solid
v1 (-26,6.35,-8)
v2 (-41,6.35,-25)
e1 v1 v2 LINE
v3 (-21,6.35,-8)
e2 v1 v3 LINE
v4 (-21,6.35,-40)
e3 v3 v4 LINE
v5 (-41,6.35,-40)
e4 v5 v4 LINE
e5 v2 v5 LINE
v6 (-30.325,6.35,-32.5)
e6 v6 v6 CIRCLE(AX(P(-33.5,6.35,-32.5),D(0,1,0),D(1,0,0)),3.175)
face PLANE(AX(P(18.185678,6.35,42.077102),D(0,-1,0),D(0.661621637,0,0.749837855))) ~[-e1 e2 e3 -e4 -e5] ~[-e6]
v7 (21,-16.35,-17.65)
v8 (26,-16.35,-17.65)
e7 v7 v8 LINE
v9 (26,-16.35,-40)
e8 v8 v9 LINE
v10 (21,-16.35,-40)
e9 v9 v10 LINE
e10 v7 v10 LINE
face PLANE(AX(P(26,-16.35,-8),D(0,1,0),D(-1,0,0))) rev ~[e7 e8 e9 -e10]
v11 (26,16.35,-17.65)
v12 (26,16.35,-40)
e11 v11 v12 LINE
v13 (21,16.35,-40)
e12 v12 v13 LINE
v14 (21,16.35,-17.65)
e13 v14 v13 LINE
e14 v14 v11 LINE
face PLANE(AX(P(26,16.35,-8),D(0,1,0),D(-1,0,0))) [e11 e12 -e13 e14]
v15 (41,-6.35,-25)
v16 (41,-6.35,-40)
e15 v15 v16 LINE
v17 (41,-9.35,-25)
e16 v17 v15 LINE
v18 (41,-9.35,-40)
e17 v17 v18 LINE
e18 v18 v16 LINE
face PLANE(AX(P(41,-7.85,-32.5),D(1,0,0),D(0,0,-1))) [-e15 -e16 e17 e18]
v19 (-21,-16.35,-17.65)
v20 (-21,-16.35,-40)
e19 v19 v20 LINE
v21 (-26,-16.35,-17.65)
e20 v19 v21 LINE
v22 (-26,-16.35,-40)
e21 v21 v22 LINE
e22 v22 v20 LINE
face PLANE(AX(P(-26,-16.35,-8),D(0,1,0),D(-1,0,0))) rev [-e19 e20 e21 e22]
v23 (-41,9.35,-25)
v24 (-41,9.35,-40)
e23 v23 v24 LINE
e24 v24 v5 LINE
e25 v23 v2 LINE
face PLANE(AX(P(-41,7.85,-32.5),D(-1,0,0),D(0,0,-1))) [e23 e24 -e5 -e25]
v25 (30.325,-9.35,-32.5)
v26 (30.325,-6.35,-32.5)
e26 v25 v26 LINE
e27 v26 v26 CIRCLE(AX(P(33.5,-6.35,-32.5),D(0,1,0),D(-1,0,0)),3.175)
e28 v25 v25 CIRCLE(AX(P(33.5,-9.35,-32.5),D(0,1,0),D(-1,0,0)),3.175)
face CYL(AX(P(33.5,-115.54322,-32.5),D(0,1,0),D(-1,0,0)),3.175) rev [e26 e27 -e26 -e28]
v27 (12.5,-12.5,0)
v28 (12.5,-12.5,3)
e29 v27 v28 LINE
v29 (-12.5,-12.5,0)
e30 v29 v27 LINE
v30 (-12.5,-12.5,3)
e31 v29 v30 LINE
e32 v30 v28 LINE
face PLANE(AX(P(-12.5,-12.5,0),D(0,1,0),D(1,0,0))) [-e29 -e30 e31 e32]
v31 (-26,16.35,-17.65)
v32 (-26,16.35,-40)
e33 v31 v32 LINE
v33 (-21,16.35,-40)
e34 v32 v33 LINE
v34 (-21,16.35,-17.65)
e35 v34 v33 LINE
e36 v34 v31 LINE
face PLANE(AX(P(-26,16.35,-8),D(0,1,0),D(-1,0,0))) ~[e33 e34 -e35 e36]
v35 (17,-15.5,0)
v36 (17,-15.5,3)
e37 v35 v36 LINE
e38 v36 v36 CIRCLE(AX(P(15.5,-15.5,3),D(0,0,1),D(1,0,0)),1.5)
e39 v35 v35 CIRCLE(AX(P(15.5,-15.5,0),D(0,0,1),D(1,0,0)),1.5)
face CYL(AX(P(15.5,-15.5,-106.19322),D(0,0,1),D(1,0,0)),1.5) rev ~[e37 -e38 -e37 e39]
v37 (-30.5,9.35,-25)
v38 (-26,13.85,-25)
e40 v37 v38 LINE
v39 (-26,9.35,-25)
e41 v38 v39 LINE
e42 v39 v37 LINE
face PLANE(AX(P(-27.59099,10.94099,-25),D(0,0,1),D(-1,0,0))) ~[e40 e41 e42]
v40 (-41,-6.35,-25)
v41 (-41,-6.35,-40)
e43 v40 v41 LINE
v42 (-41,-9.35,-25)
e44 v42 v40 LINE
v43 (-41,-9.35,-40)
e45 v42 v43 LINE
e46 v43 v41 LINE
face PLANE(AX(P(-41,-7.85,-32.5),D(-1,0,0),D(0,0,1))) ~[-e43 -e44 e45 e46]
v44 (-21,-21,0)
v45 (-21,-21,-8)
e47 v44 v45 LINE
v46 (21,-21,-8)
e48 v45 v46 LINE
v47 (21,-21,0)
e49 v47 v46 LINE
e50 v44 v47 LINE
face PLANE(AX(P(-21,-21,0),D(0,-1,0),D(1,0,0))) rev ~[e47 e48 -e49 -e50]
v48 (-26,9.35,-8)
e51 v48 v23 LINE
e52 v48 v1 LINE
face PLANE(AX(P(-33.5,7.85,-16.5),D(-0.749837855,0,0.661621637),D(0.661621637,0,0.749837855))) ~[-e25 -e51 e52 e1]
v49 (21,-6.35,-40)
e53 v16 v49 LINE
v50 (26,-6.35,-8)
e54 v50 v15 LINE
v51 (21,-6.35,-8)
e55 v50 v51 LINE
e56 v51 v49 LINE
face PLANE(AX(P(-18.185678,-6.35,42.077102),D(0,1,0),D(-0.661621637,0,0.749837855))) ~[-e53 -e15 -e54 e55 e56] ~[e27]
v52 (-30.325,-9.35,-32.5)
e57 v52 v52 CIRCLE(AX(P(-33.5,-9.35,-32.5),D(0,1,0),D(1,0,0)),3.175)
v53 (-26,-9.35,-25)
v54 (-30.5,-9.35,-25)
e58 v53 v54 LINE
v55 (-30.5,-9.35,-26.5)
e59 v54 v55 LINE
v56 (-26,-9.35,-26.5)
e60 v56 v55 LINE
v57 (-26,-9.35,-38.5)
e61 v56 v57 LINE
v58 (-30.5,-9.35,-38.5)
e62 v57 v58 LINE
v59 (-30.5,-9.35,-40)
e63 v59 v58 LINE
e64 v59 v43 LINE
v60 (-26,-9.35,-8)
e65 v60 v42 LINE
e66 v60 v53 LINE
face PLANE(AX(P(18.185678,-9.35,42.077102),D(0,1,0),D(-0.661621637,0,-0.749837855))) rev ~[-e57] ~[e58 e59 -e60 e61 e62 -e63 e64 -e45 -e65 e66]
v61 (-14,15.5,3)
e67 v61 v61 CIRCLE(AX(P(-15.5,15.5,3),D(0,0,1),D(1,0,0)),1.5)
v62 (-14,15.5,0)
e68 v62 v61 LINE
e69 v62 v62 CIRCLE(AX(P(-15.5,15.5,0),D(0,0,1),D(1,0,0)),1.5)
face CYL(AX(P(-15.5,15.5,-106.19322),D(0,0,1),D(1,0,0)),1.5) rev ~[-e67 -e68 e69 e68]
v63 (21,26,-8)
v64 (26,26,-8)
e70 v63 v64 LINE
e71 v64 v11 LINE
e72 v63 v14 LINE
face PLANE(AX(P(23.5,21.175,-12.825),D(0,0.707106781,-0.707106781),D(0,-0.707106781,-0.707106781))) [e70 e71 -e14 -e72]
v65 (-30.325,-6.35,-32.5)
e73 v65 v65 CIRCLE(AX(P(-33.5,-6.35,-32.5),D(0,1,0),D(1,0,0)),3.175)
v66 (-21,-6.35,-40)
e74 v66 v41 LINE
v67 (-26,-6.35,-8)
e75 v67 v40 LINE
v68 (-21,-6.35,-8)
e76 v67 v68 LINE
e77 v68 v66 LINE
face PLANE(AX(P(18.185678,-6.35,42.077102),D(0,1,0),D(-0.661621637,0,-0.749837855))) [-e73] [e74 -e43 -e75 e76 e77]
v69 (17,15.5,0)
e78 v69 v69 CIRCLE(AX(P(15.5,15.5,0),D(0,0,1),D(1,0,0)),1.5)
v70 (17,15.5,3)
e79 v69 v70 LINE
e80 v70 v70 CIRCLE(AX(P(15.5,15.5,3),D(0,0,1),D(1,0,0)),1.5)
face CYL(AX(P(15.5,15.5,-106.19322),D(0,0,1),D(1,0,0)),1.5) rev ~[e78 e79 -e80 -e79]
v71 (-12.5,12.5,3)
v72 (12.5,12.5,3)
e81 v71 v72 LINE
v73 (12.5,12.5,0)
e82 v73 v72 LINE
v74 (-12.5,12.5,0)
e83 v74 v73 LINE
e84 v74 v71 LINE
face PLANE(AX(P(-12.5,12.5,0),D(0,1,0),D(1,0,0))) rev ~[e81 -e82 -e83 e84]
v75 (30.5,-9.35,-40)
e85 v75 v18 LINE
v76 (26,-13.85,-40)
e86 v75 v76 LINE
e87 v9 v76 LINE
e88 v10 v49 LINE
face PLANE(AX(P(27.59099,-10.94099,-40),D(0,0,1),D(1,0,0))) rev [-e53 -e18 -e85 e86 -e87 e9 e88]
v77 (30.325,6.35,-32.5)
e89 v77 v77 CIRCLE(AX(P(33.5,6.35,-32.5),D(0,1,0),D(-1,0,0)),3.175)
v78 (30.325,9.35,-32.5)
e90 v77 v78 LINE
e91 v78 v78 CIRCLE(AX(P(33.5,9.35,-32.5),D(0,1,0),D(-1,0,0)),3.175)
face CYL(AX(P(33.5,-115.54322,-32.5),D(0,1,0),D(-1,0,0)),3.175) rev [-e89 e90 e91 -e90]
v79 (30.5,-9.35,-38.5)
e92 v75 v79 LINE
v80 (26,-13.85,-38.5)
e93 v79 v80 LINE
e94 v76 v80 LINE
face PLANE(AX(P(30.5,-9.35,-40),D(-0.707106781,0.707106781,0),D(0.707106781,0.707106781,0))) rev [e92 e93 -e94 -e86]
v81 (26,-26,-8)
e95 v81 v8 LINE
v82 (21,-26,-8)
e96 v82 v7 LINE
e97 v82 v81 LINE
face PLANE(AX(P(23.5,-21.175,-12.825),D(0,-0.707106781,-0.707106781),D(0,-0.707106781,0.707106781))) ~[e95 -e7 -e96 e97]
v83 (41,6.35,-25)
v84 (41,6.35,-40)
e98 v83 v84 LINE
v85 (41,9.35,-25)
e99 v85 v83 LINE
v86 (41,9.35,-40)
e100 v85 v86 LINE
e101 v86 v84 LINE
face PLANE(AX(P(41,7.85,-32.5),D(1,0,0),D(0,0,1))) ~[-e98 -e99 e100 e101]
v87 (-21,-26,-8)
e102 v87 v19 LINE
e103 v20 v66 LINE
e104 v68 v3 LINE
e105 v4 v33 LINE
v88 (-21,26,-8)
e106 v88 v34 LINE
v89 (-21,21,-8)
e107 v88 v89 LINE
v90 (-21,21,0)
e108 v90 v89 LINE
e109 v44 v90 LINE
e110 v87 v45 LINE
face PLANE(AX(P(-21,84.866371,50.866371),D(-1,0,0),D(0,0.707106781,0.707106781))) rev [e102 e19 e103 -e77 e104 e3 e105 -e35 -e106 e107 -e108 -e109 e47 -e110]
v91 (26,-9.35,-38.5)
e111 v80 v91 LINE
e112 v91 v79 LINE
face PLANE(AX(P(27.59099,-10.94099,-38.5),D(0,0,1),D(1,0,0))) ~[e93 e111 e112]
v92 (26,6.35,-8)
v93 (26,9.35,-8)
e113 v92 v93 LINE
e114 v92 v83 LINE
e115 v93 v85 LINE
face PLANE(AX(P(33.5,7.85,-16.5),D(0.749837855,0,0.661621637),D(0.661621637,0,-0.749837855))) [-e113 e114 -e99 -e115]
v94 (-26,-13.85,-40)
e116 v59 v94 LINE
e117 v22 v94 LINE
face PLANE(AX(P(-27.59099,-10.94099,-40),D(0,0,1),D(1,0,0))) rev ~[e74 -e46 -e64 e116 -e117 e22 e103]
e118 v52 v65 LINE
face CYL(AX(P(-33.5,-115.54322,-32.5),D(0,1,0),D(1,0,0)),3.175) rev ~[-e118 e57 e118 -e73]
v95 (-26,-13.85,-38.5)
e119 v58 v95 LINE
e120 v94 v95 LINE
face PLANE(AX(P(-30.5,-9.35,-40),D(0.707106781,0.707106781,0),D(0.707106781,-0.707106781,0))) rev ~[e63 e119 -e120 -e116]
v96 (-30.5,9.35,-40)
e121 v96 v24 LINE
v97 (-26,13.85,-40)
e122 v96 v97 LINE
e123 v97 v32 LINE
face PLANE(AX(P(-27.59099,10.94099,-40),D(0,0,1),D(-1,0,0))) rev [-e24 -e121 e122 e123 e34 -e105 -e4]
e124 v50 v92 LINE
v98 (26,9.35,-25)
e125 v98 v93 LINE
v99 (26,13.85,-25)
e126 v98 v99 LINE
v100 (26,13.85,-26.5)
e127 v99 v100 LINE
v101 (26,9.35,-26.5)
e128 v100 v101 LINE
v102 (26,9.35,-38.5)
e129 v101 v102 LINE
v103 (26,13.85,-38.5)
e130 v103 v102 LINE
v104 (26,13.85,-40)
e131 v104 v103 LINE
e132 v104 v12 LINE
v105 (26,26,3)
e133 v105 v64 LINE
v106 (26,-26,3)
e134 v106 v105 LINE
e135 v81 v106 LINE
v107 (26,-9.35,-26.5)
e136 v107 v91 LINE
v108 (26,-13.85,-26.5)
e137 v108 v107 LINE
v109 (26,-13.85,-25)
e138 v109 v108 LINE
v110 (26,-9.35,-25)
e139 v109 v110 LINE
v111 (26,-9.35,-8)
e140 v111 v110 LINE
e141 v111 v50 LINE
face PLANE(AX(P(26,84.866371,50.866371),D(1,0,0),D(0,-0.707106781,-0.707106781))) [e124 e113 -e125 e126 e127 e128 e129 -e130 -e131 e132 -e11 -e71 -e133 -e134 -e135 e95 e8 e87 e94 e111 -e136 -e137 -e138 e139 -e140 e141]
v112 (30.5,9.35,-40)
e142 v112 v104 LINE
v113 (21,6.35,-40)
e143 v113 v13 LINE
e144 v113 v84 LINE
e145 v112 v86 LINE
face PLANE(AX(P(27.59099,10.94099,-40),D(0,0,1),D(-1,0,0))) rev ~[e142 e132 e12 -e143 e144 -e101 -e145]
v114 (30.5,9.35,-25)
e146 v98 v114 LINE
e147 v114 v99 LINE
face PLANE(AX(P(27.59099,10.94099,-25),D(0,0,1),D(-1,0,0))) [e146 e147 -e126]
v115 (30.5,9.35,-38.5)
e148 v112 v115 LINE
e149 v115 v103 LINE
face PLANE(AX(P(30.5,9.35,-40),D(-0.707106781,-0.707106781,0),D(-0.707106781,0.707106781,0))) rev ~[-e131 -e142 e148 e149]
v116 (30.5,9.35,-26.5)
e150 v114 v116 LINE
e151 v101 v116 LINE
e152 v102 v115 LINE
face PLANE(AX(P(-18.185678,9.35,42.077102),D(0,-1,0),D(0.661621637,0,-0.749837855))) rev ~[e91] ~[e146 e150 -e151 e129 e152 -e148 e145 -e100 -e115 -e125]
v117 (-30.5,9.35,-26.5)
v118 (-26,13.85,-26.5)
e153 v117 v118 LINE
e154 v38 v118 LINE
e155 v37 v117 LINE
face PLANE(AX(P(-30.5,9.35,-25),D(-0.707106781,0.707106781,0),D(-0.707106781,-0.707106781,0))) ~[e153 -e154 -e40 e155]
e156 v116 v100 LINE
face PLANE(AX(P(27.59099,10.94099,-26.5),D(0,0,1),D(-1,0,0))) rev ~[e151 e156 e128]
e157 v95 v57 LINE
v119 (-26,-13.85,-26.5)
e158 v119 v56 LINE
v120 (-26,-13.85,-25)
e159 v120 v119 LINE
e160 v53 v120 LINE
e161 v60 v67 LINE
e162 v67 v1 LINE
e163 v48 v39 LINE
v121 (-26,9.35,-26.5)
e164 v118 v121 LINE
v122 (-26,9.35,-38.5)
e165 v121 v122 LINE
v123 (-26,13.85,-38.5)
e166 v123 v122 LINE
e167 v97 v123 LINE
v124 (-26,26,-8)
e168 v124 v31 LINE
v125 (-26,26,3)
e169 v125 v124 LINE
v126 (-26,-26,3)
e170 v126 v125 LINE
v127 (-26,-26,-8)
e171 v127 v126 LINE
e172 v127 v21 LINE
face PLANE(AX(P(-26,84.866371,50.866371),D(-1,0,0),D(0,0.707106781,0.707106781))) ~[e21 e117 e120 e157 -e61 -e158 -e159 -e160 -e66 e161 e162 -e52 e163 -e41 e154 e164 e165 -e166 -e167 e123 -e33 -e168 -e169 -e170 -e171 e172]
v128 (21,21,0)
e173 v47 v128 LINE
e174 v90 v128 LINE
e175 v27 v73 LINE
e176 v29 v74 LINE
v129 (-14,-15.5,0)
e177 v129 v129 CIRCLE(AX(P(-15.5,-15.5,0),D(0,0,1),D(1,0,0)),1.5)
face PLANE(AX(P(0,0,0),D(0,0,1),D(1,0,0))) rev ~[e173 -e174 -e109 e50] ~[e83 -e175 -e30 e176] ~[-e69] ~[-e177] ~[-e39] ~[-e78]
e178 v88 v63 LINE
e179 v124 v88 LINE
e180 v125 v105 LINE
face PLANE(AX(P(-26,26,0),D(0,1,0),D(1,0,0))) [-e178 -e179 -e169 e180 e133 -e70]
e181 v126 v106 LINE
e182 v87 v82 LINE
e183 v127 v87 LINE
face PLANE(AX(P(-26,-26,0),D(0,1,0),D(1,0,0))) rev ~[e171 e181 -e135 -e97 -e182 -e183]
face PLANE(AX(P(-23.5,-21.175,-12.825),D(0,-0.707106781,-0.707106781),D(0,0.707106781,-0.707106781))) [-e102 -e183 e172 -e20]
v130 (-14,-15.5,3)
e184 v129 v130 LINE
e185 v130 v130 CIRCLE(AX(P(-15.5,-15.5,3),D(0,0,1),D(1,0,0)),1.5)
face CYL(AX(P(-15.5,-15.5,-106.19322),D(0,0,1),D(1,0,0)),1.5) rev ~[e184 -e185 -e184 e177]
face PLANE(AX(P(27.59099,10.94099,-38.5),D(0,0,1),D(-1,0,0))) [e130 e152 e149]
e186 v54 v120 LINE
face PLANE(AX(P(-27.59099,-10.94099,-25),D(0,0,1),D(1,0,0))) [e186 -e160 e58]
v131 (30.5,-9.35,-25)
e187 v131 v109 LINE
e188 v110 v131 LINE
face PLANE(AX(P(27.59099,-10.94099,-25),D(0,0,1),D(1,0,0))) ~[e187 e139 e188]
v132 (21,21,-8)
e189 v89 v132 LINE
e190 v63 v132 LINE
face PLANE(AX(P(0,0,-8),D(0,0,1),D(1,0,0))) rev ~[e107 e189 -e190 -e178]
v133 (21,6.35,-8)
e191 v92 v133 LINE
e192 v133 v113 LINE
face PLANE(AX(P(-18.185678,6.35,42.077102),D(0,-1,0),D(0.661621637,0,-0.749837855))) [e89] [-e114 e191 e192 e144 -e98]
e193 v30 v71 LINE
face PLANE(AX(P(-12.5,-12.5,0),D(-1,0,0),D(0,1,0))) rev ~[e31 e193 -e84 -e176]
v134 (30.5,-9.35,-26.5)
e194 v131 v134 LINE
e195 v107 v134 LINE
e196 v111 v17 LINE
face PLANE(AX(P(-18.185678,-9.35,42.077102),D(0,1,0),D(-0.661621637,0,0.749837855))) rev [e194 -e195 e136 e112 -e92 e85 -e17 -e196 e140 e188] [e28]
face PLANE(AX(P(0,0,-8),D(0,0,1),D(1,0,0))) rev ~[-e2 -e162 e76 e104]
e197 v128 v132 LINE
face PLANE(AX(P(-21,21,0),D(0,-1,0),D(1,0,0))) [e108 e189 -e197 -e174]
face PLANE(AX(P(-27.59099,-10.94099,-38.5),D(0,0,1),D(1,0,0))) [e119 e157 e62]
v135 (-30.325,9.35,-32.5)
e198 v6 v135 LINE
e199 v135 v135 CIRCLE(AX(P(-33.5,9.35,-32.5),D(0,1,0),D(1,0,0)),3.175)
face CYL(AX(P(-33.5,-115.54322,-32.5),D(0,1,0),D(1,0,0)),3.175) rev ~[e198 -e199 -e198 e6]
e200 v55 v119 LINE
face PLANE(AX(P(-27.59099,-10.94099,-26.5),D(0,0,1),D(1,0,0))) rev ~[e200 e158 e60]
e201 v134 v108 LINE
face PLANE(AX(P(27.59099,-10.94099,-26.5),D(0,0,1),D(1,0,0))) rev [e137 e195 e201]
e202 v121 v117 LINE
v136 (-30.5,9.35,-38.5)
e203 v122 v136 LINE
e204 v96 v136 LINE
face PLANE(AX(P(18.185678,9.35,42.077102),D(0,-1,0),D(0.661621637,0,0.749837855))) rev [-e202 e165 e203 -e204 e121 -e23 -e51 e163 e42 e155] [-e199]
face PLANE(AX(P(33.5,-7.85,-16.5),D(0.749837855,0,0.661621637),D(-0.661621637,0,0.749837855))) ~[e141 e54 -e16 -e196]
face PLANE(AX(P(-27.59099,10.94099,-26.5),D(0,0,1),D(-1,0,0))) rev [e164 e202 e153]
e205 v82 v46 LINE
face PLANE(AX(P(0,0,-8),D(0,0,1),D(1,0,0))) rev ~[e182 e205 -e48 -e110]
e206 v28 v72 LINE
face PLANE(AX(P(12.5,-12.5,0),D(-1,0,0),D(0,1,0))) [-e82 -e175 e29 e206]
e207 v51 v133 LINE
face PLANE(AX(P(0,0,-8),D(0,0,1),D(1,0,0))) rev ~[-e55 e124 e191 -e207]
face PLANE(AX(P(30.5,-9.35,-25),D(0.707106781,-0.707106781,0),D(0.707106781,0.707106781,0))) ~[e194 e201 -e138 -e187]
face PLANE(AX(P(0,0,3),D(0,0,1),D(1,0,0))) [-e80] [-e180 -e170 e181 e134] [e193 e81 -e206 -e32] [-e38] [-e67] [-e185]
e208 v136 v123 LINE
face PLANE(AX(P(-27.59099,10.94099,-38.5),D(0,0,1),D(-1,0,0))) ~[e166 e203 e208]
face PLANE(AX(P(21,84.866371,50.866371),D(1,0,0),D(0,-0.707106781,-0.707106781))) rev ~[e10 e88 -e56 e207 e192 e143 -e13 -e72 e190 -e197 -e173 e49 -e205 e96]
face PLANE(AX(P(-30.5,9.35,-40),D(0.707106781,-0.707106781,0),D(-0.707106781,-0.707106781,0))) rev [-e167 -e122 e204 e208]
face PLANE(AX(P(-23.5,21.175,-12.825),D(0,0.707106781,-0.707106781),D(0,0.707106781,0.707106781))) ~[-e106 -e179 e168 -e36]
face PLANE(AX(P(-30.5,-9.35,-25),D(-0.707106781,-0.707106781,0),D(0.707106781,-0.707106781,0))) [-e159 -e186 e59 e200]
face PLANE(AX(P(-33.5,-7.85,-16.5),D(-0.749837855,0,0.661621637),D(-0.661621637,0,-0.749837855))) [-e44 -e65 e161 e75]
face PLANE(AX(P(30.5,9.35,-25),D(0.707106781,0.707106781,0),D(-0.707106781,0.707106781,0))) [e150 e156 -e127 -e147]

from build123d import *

# Parameters (mm, degrees)
SKETCH1_W                   = 52
SKETCH1_H                   = 52
SKETCH1_W_2                 = 42
SKETCH1_H_2                 = 42
BOSS_EXTRUDE1_DEPTH         = 8
SKETCH3_W                   = 5
SKETCH3_H                   = 10
BOSS_EXTRUDE3_DEPTH         = 32
SKETCH4_W                   = 15
SKETCH4_H                   = 3
BOSS_EXTRUDE4_DEPTH         = 15
MIRROR2_COPY_1_SKETCH_W     = 15
MIRROR2_COPY_1_SKETCH_H     = 3
MIRROR2_COPY_1_DEPTH        = 15
SKETCH2_W                   = 52
SKETCH2_H                   = 52
SKETCH2_W_2                 = 25
SKETCH2_H_2                 = 25
BOSS_EXTRUDE2_DEPTH         = 3
F_1_4_0_25_DIAMETER_HOLE1_D = 6.35
RIB1_REACH                  = 84.25
SKETCH9_WALL_W              = 180.146400996
SKETCH9_WALL_H              = 5
MIRROR5_COPY_1_REACH        = 84.25
MIRROR5_COPY_1_SKETCH_W     = 180.146400996
MIRROR5_COPY_1_SKETCH_H     = 5
F_3_0MM_DOWEL_HOLE1_D       = 3
BOSS_EXTRUDE5_DEPTH         = 1.5
BOSS_EXTRUDE6_START         = -15
BOSS_EXTRUDE6_DEPTH         = 1.5
MIRROR7_COPY_1_DEPTH        = 1.5
MIRROR7_START               = -15
MIRROR7_COPY_2_DEPTH        = 1.5
RIB12_REACH                 = 67.784
SKETCH13_WALL_W             = 156.23938331
SKETCH13_WALL_H             = 3
MIRROR9_COPY_1_REACH        = 67.784
MIRROR9_COPY_1_SKETCH_W     = 156.23938331
MIRROR9_COPY_1_SKETCH_H     = 3


with BuildPart() as part:
    # Sketch1 → Boss-Extrude1 (new body)
    with BuildSketch(Plane.XY):
        Rectangle(SKETCH1_W, SKETCH1_H)
        Rectangle(SKETCH1_W_2, SKETCH1_H_2, mode=Mode.SUBTRACT)
    extrude(amount=-BOSS_EXTRUDE1_DEPTH)

    # Sketch3 → Boss-Extrude3 (add)
    with BuildSketch(Plane(origin=(0, 0, -8), x_dir=(-1, 0, 0), z_dir=(0, 0, -1))):
        with Locations((-23.5, 11.35)):
            Rectangle(SKETCH3_W, SKETCH3_H)
        with Locations((-23.5, -11.35)):
            Rectangle(SKETCH3_W, SKETCH3_H)
    boss_extrude3 = extrude(amount=BOSS_EXTRUDE3_DEPTH)

    # Sketch4 → Boss-Extrude4 (add)
    with BuildSketch(Plane(origin=(26, 0, 0), x_dir=(0, 0, -1), z_dir=(1, 0, 0))):
        with Locations((32.5, -7.85)):
            Rectangle(SKETCH4_W, SKETCH4_H)
    boss_extrude4 = extrude(amount=BOSS_EXTRUDE4_DEPTH)

    # Mirror1: Boss-Extrude4 across plane
    add(boss_extrude4.mirror(Plane.ZX))

    # Mirror2: Boss-Extrude3, Boss-Extrude4 across plane
    add(boss_extrude3.mirror(Plane(origin=(0, 0, 0), x_dir=(0, 0, 1), z_dir=(1, 0, 0))))
    add(boss_extrude4.mirror(Plane(origin=(0, 0, 0), x_dir=(0, 0, 1), z_dir=(1, 0, 0))))

    # Mirror2 copy 1 sketch → Mirror2 copy 1 (add)
    with BuildSketch(Plane(origin=(-26, 0, 0), x_dir=(0, 0, -1), z_dir=(-1, 0, 0))):
        with Locations((32.5, -7.85)):
            Rectangle(MIRROR2_COPY_1_SKETCH_W, MIRROR2_COPY_1_SKETCH_H)
    extrude(amount=MIRROR2_COPY_1_DEPTH)

    # Sketch2 → Boss-Extrude2 (add)
    with BuildSketch(Plane.XY):
        Rectangle(SKETCH2_W, SKETCH2_H)
        Rectangle(SKETCH2_W_2, SKETCH2_H_2, mode=Mode.SUBTRACT)
    extrude(amount=BOSS_EXTRUDE2_DEPTH)

    # 1/4 (0.25) Diameter Hole1 (through all)
    with Locations(Plane(origin=(0, -9.35, 0), x_dir=(-1, 0, 0), z_dir=(0, -1, 0))):
        with Locations((33.5, 32.5)):
            f_1_4_0_25_diameter_hole1 = Hole(F_1_4_0_25_DIAMETER_HOLE1_D / 2)

    # Mirror3: 1/4 (0.25) Diameter Hole1 across plane
    add(f_1_4_0_25_diameter_hole1.mirror(Plane(origin=(0, 0, 0), x_dir=(0, 0, 1), z_dir=(1, 0, 0))), mode=Mode.SUBTRACT)

    # Sketch9 wall → Rib1 (add, up to next)
    with BuildSketch(Plane(origin=(-26, -21.175, -12.825), x_dir=(0, 0.707106781187, -0.707106781187), z_dir=(0, -0.707106781187, -0.707106781187)), mode=Mode.PRIVATE) as rib1_sk1:
        with Locations((0, 2.5)):
            Rectangle(SKETCH9_WALL_W, SKETCH9_WALL_H)
    rib1_tool1 = extrude(rib1_sk1.sketch, amount=-RIB1_REACH, mode=Mode.PRIVATE) - part.part
    rib1 = rib1_tool1.solids().sort_by_distance((-26, -21.175, -12.825))[0]
    add(rib1)

    # Mirror4: Rib1 across plane
    add(rib1.mirror(Plane.ZX))

    # Mirror5: Rib1 across plane
    add(rib1.mirror(Plane(origin=(0, 0, 0), x_dir=(0, 0, 1), z_dir=(1, 0, 0))))

    # Mirror5 copy 1 sketch → Mirror5 copy 1 (add, up to next)
    with BuildSketch(Plane(origin=(26, 21.175, -12.825), x_dir=(0, -0.707106781187, -0.707106781187), z_dir=(0, 0.707106781187, -0.707106781187)), mode=Mode.PRIVATE) as mirror5_copy_1_sk1:
        with Locations((0, 2.5)):
            Rectangle(MIRROR5_COPY_1_SKETCH_W, MIRROR5_COPY_1_SKETCH_H)
    mirror5_copy_1_tool1 = extrude(mirror5_copy_1_sk1.sketch, amount=-MIRROR5_COPY_1_REACH, mode=Mode.PRIVATE) - part.part
    add(mirror5_copy_1_tool1.solids().sort_by_distance((26, 21.175, -12.825))[0])

    # Ø3.0mm Dowel Hole1 (through all)
    with Locations(Plane(origin=(0, 0, 0), x_dir=(-1, 0, 0), z_dir=(0, 0, -1))):
        with Locations((15.5, -15.5), (-15.5, -15.5), (-15.5, 15.5), (15.5, 15.5)):
            Hole(F_3_0MM_DOWEL_HOLE1_D / 2)

    # Sketch12 → Boss-Extrude5 (add)
    with BuildSketch(Plane.XY.offset(-25)):
        Polygon((-30.5, -9.35), (-26, -13.85), (-26, -9.35), align=None)
    boss_extrude5 = extrude(amount=-BOSS_EXTRUDE5_DEPTH)

    # Sketch12<3> → Boss-Extrude6 (add)
    with BuildSketch(Plane.XY.offset(-25).offset(BOSS_EXTRUDE6_START)):
        Polygon((-30.5, -9.35), (-26, -13.85), (-26, -9.35), align=None)
    boss_extrude6 = extrude(amount=BOSS_EXTRUDE6_DEPTH)

    # Mirror6: Boss-Extrude5, Boss-Extrude6 across plane
    add(boss_extrude5.mirror(Plane(origin=(0, 0, 0), x_dir=(0, 0, 1), z_dir=(1, 0, 0))))
    add(boss_extrude6.mirror(Plane(origin=(0, 0, 0), x_dir=(0, 0, 1), z_dir=(1, 0, 0))))

    # Mirror7: Boss-Extrude5, Boss-Extrude6 across plane
    add(boss_extrude5.mirror(Plane.ZX))
    add(boss_extrude6.mirror(Plane.ZX))

    # Mirror7 copy 1 sketch → Mirror7 copy 1 (add)
    with BuildSketch(Plane(origin=(0, 0, -25), x_dir=(-1, 0, 0), z_dir=(0, 0, 1))):
        Polygon((-30.5, -9.35), (-26, -13.85), (-26, -9.35), align=None)
    extrude(amount=-MIRROR7_COPY_1_DEPTH)

    # Mirror7 copy 2 sketch → Mirror7 copy 2 (add)
    with BuildSketch(Plane(origin=(0, 0, -25), x_dir=(-1, 0, 0), z_dir=(0, 0, 1)).offset(MIRROR7_START)):
        Polygon((-30.5, -9.35), (-26, -13.85), (-26, -9.35), align=None)
    extrude(amount=MIRROR7_COPY_2_DEPTH)

    # Sketch13 wall → Rib12 (add, up to next)
    with BuildSketch(Plane(origin=(-33.5, -6.35, -16.5), x_dir=(-0.661621637087, 0, -0.749837855365), z_dir=(-0.749837855365, 0, 0.661621637087)), mode=Mode.PRIVATE) as rib12_sk1:
        with Locations((0, 1.5)):
            Rectangle(SKETCH13_WALL_W, SKETCH13_WALL_H)
    rib12_tool1 = extrude(rib12_sk1.sketch, amount=-RIB12_REACH, mode=Mode.PRIVATE) - part.part
    rib12 = rib12_tool1.solids().sort_by_distance((-33.5, -6.35, -16.5))[0]
    add(rib12)

    # Mirror8: Rib12 across plane
    add(rib12.mirror(Plane.ZX))

    # Mirror9: Rib12 across plane
    add(rib12.mirror(Plane(origin=(0, 0, 0), x_dir=(0, 0, 1), z_dir=(1, 0, 0))))

    # Mirror9 copy 1 sketch → Mirror9 copy 1 (add, up to next)
    with BuildSketch(Plane(origin=(33.5, 6.35, -16.5), x_dir=(0.661621637087, 0, -0.749837855365), z_dir=(0.749837855365, 0, 0.661621637087)), mode=Mode.PRIVATE) as mirror9_copy_1_sk1:
        with Locations((0, 1.5)):
            Rectangle(MIRROR9_COPY_1_SKETCH_W, MIRROR9_COPY_1_SKETCH_H)
    mirror9_copy_1_tool1 = extrude(mirror9_copy_1_sk1.sketch, amount=-MIRROR9_COPY_1_REACH, mode=Mode.PRIVATE) - part.part
    add(mirror9_copy_1_tool1.solids().sort_by_distance((33.5, 6.35, -16.5))[0])


solid = part.part
